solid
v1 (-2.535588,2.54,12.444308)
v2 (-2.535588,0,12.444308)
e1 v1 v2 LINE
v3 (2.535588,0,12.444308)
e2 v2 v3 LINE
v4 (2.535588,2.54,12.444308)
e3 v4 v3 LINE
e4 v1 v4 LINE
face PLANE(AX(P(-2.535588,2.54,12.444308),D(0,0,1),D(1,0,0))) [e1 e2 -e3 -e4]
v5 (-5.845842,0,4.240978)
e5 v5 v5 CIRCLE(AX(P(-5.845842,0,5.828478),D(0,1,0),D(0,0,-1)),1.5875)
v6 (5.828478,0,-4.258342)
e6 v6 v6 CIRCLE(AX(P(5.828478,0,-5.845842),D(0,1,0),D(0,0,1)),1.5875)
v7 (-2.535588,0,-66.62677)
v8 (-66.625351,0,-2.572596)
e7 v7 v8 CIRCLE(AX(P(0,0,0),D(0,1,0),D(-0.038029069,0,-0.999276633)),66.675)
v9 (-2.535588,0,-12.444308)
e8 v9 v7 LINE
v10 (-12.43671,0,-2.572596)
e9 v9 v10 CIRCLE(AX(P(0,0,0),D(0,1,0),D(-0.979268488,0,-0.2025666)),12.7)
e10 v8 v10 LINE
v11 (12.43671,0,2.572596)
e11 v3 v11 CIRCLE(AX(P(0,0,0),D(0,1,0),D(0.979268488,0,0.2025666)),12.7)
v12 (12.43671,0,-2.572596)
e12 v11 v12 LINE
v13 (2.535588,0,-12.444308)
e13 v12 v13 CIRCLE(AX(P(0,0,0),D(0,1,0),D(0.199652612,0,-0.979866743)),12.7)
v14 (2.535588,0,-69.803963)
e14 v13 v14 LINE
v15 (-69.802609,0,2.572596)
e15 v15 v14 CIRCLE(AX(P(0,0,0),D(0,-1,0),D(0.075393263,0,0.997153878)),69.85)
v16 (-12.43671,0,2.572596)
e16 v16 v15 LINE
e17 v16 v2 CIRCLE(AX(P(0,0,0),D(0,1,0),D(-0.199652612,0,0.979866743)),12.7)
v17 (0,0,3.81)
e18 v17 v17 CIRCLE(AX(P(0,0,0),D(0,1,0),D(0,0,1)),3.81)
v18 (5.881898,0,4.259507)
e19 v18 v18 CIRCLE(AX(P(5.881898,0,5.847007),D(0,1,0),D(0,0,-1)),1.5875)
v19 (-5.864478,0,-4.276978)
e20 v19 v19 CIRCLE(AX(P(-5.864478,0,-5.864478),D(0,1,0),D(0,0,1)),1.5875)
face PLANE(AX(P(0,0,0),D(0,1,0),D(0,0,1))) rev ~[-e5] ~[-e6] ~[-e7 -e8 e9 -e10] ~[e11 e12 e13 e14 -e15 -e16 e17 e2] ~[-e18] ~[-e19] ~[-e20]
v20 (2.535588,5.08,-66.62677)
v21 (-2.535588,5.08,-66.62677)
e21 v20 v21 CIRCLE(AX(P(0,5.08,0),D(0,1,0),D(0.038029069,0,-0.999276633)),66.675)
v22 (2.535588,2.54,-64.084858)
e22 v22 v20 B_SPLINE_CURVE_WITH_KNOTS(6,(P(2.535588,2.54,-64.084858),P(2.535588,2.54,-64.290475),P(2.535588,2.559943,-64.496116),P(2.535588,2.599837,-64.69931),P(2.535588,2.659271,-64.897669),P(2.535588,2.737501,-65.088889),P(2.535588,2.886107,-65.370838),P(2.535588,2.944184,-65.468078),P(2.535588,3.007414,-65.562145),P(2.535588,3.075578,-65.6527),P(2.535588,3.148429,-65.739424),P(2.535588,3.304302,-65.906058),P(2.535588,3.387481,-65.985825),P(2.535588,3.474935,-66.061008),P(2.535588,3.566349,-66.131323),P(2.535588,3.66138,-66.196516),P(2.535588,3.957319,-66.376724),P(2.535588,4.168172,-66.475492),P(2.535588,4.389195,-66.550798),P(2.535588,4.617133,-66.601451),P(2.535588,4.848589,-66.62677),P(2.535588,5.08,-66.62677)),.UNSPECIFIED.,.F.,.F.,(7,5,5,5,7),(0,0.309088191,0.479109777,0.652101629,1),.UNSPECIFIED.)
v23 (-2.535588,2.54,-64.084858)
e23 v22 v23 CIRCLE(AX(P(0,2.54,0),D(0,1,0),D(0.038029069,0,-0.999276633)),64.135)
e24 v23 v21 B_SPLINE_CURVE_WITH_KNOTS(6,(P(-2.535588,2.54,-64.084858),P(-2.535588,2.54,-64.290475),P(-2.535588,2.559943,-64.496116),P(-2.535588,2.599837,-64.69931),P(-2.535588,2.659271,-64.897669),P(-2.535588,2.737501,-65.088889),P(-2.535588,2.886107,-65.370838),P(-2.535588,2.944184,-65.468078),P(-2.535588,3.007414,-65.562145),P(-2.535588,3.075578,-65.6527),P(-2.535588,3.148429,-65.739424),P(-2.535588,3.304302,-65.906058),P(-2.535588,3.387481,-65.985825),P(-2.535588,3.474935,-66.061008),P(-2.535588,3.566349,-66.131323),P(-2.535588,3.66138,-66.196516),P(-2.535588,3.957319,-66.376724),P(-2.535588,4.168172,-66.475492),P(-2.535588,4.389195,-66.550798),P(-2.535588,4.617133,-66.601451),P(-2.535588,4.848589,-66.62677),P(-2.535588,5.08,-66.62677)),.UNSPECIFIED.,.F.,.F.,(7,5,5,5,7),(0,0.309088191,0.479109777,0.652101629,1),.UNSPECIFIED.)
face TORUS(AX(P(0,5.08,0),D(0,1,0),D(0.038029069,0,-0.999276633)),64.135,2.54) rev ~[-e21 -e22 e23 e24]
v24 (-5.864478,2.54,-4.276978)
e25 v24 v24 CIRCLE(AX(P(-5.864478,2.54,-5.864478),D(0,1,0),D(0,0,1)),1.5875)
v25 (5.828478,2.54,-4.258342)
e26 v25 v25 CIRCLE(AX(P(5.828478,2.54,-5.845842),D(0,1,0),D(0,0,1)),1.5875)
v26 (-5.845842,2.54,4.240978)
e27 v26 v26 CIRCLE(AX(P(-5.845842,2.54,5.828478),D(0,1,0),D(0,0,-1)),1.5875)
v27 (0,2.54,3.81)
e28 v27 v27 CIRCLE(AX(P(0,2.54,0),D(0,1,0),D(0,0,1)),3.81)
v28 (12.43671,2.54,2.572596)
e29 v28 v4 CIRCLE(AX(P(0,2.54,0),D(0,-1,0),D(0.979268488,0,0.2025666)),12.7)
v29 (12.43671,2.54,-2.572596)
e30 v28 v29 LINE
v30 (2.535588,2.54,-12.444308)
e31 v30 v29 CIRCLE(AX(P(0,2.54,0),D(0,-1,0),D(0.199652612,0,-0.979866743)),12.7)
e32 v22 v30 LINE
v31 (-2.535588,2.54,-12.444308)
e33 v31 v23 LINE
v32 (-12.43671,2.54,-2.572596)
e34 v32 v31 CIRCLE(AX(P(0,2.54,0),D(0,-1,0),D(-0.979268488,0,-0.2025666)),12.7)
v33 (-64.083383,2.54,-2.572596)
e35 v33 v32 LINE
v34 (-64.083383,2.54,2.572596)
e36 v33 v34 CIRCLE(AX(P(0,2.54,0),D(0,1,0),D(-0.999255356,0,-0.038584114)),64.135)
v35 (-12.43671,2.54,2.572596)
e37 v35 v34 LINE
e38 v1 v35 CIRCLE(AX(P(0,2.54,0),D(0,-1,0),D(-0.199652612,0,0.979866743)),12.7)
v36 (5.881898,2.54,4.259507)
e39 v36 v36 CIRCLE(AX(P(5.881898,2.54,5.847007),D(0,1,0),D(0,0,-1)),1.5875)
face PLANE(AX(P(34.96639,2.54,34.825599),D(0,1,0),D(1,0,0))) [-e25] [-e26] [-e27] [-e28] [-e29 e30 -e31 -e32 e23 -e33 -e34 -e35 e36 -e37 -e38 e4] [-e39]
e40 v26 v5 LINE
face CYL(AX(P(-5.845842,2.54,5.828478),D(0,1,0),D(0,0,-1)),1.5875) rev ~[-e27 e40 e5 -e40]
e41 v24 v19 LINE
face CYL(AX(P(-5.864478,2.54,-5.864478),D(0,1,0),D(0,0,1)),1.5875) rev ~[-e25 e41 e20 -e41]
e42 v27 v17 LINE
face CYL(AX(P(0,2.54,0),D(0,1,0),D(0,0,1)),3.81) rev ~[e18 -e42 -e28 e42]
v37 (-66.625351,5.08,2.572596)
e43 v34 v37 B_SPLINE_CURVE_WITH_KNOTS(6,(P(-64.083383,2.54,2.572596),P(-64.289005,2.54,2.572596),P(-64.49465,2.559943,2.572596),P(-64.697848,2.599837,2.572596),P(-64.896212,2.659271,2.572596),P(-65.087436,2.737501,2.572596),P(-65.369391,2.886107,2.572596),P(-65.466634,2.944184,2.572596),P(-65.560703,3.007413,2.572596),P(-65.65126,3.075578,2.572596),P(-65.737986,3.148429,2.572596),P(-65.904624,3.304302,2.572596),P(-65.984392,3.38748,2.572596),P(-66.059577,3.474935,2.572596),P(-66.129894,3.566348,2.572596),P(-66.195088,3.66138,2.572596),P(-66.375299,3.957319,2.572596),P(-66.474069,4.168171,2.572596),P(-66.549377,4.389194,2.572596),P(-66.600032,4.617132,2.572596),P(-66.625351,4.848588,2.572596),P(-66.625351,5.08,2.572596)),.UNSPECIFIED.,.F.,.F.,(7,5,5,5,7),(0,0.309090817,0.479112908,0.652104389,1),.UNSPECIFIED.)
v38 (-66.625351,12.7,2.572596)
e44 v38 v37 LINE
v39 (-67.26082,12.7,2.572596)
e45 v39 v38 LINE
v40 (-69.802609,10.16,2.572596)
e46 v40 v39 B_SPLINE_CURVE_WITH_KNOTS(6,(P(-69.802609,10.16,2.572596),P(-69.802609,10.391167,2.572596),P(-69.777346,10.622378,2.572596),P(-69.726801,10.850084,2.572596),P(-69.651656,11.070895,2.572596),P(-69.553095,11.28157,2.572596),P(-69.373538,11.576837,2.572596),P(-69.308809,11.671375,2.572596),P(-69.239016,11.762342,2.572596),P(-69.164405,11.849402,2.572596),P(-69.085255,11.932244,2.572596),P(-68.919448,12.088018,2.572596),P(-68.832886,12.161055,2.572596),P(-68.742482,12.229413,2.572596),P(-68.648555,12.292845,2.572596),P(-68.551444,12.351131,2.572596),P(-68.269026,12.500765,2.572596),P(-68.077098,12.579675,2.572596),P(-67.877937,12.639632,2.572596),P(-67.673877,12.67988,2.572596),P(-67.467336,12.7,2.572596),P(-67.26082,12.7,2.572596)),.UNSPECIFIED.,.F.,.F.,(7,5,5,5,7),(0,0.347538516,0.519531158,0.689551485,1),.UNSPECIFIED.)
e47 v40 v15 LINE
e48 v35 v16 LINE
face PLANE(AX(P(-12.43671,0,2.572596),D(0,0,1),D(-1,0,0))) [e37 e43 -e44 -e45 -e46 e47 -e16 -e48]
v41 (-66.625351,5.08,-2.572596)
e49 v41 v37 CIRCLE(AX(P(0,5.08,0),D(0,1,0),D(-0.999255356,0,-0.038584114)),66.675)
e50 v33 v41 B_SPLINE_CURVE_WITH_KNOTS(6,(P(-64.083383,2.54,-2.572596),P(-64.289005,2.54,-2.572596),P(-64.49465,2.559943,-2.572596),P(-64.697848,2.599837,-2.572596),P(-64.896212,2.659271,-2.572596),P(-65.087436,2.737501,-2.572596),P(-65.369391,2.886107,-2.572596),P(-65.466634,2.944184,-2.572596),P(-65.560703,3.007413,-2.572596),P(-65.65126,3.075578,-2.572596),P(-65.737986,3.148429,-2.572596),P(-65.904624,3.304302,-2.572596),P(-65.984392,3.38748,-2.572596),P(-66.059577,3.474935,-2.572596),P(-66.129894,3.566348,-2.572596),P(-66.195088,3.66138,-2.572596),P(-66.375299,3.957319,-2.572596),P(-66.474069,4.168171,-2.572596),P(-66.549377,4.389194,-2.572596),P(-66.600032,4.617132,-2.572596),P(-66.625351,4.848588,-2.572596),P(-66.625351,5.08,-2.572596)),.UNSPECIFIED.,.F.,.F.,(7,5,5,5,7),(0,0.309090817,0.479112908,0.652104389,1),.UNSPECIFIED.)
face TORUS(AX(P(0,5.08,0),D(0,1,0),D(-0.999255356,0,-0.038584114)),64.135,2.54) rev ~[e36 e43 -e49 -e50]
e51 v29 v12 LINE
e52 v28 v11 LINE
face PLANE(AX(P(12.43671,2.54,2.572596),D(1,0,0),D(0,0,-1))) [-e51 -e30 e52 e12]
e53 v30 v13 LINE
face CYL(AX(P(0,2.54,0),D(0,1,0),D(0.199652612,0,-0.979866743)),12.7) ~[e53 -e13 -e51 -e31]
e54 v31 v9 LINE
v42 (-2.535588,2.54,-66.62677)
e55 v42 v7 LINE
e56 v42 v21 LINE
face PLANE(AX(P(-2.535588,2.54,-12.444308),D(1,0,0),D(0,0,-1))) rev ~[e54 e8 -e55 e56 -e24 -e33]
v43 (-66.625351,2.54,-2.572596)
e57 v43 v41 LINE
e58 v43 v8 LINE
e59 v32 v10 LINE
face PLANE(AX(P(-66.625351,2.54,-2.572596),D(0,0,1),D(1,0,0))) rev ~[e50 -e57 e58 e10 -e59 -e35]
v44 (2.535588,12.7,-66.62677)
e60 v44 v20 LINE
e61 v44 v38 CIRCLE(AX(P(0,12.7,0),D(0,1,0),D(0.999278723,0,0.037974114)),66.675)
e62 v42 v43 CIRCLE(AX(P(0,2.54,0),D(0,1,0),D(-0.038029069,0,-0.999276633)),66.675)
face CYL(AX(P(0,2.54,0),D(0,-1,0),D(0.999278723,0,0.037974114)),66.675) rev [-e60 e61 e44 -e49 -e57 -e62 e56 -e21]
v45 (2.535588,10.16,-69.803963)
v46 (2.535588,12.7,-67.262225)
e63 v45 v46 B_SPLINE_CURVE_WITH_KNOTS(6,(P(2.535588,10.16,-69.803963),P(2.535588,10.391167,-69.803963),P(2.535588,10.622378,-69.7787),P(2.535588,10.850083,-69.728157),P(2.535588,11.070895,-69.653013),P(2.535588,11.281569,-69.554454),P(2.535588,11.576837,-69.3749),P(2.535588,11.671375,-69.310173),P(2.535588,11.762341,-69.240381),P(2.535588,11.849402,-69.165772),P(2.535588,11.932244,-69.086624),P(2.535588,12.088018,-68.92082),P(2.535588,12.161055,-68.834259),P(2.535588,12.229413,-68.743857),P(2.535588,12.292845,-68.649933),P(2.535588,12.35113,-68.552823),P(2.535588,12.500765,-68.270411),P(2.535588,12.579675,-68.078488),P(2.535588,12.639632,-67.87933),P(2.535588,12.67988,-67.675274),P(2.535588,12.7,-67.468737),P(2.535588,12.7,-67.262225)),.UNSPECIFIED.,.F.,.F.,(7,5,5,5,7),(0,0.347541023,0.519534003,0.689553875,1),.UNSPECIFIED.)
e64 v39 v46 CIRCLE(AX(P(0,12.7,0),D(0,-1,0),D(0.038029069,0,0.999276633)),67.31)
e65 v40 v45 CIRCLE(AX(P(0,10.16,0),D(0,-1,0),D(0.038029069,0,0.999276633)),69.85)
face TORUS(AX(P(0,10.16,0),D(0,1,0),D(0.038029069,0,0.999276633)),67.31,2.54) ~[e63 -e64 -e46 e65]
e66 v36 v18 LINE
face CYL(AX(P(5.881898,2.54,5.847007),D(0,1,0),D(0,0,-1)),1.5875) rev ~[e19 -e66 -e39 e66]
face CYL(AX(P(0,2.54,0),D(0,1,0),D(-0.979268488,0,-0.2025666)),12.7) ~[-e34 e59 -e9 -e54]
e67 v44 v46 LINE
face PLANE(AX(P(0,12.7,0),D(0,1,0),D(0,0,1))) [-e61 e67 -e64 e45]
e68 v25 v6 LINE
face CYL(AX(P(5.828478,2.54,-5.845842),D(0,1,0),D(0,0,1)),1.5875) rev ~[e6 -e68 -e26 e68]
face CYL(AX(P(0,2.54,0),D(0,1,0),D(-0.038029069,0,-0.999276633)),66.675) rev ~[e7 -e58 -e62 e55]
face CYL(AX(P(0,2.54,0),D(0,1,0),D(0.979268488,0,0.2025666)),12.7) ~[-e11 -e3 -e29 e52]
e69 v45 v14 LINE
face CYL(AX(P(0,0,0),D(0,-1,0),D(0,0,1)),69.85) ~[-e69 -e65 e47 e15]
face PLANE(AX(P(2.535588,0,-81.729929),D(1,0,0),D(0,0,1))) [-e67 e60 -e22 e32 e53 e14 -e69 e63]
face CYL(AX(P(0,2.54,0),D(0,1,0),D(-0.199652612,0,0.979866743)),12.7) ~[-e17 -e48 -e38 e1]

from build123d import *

# Parameters (mm, degrees)
SKETCH1_R           = 69.85
BOSS_EXTRUDE1_DEPTH = 12.7
CUT_EXTRUDE12_START = -10.16
CUT_EXTRUDE12_DEPTH = 10.16
SKETCH16_W          = 69.932780821
SKETCH16_H          = 69.651198358
BOSS_EXTRUDE5_DEPTH = 2.54
CUT_EXTRUDE13_DEPTH = 100.362175566
SKETCH19_R          = 3.81
SKETCH19_R_2        = 1.5875
CUT_EXTRUDE14_DEPTH = 100.362175566
FILLET27_R          = 2.54
FILLET28_R          = 2.54
FILLET31_R          = 2.54
CUT_EXTRUDE15_DEPTH = 100.362175647
CUT_EXTRUDE16_DEPTH = 100.595858501


with BuildPart() as part:
    # Sketch1 → Boss-Extrude1 (new body)
    with BuildSketch(Plane(origin=(0, 0, 0), x_dir=(1, 0, 0), z_dir=(0, 1, 0))):
        with Locations(Location((0, 0, 0), (0, 0, 270))):
            Circle(SKETCH1_R)
    extrude(amount=BOSS_EXTRUDE1_DEPTH)

    # Sketch15 → Cut-Extrude12 (cut)
    with BuildSketch(Plane(origin=(0, 12.7, 0), x_dir=(1, 0, 0), z_dir=(0, 1, 0)).offset(CUT_EXTRUDE12_START)):
        with BuildLine():
            Line((2.535588172, -66.626769527), (2.656330466, -69.799472838))
            ThreePointArc((2.656330466, -69.799472838), (49.392766771, -49.390050523), (69.799618816, -2.652491886))
            Line((69.799618816, -2.652491886), (66.626908869, -2.531924073))
            ThreePointArc((66.626908869, -2.531924073), (-47.147641009, 47.145048227), (2.535588172, -66.626769527))
        make_face()
    extrude(amount=CUT_EXTRUDE12_DEPTH, mode=Mode.SUBTRACT)

    # Sketch16 → Boss-Extrude5 (add)
    with BuildSketch(Plane(origin=(0, 2.54, 0), x_dir=(1, 0, 0), z_dir=(0, 1, 0))):
        with Locations((34.966390411, -34.825599179)):
            Rectangle(SKETCH16_W, SKETCH16_H)
    extrude(amount=-BOSS_EXTRUDE5_DEPTH)

    # Sketch18 → Cut-Extrude13 (cut, through all)
    with BuildSketch(Plane(origin=(0, 2.54, 0), x_dir=(1, 0, 0), z_dir=(0, 1, 0))):
        with BuildLine():
            Line((-2.535588172, -66.626769527), (-2.535588172, -12.444307639))
            ThreePointArc((-2.535588172, -12.444307639), (-8.966889105, -8.99360327), (-12.436709804, -2.572595822))
            Line((-12.436709804, -2.572595822), (-66.625350849, -2.572595822))
            ThreePointArc((-66.625350849, -2.572595822), (-47.133249027, -47.159436608), (-2.535588172, -66.626769527))
        make_face()
        with BuildLine():
            ThreePointArc((-12.436709804, 2.572595822), (-8.966889105, 8.99360327), (-2.535588172, 12.444307639))
            Line((-2.535588172, 12.444307639), (-2.535588172, 66.626769527))
            ThreePointArc((-2.535588172, 66.626769527), (-47.133249027, 47.159436608), (-66.625350849, 2.572595822))
            Line((-66.625350849, 2.572595822), (-12.436709804, 2.572595822))
        make_face()
        with BuildLine():
            Line((2.535588172, 66.626769527), (2.535588172, 12.444307639))
            ThreePointArc((2.535588172, 12.444307639), (8.966889105, 8.99360327), (12.436709804, 2.572595822))
            Line((12.436709804, 2.572595822), (66.625350849, 2.572595822))
            ThreePointArc((66.625350849, 2.572595822), (47.133249027, 47.159436608), (2.535588172, 66.626769527))
        make_face()
        with BuildLine():
            ThreePointArc((12.436709804, -2.572595822), (8.966889105, -8.99360327), (2.535588172, -12.444307639))
            Line((2.535588172, -12.444307639), (2.535588172, -66.626769527))
            ThreePointArc((2.535588172, -66.626769527), (47.133249027, -47.159436608), (66.625350849, -2.572595822))
            Line((66.625350849, -2.572595822), (12.436709804, -2.572595822))
        make_face()
    extrude(amount=-CUT_EXTRUDE13_DEPTH, mode=Mode.SUBTRACT)

    # Sketch19 → Cut-Extrude14 (cut, through all)
    with BuildSketch(Plane(origin=(0, 2.54, 0), x_dir=(1, 0, 0), z_dir=(0, 1, 0))):
        with Locations(Location((0, 0, 0), (0, 0, 270))):
            Circle(SKETCH19_R)
        with Locations(Location((5.828477918, 5.845842126, 0), (0, 0, 270))):
            Circle(SKETCH19_R_2)
        with Locations(Location((-5.845842126, -5.828477918, 0), (0, 0, 90))):
            Circle(SKETCH19_R_2)
        with Locations(Location((-5.864478401, 5.864478401, 0), (0, 0, 270))):
            Circle(SKETCH19_R_2)
        with Locations(Location((5.881897888, -5.847007018, 0), (0, 0, 90))):
            Circle(SKETCH19_R_2)
    extrude(amount=-CUT_EXTRUDE14_DEPTH, mode=Mode.SUBTRACT)

    # Fillet27
    fillet27_edges = [part.edges().sort_by_distance(p)[0] for p in [
        (-66.675, 2.54, 0),
    ]]
    fillet(fillet27_edges, radius=FILLET27_R)

    # Fillet28
    fillet28_edges = [part.edges().sort_by_distance(p)[0] for p in [
        (0, 2.54, -66.675),
    ]]
    fillet(fillet28_edges, radius=FILLET28_R)

    # Fillet31
    fillet31_edges = [part.edges().sort_by_distance(p)[0] for p in [
        (-49.392766771, 12.7, -49.390050523),
    ]]
    fillet(fillet31_edges, radius=FILLET31_R)

    # Sketch20 → Cut-Extrude15 (cut, through all)
    with BuildSketch(Plane(origin=(0, 2.54, 0), x_dir=(1, 0, 0), z_dir=(0, 1, 0))):
        with BuildLine():
            Line((-2.535588172, -12.444307639), (2.535588172, -12.444307639))
            Line((2.535588172, -12.444307639), (2.535588172, -66.626769527))
            ThreePointArc((2.535588172, -66.626769527), (0, -66.675), (-2.535588172, -66.626769527))
            Line((-2.535588172, -66.626769527), (-2.535588172, -12.444307639))
        make_face()
        with BuildLine():
            Line((12.436709804, -2.572595822), (12.436709804, 2.572595822))
            Line((12.436709804, 2.572595822), (66.625350849, 2.572595822))
            ThreePointArc((66.625350849, 2.572595822), (66.674996894, 0.02035079), (66.626908869, -2.531924073))
            Line((66.626908869, -2.531924073), (69.799618816, -2.652491886))
            ThreePointArc((69.799618816, -2.652491886), (69.837403568, -1.326485155), (69.85, 0))
            Line((69.85, 0), (69.932780821, 0))
            Line((69.932780821, 0), (69.932780821, -69.651198358))
            Line((69.932780821, -69.651198358), (5.266219444, -69.651198358))
            ThreePointArc((5.266219444, -69.651198358), (3.961968652, -69.737545873), (2.656330466, -69.799472838))
            Line((2.656330466, -69.799472838), (2.535588172, -66.626769527))
            ThreePointArc((2.535588172, -66.626769527), (47.133249027, -47.159436608), (66.625350849, -2.572595822))
            Line((66.625350849, -2.572595822), (12.436709804, -2.572595822))
        make_face()
    extrude(amount=-CUT_EXTRUDE15_DEPTH, mode=Mode.SUBTRACT)

    # Sketch21 → Cut-Extrude16 (cut, through all)
    with BuildSketch(Plane.XZ):
        with BuildLine():
            Line((-12.436709804, 2.572595822), (-72.625686252, 2.572595822))
            Line((-72.625686252, 2.572595822), (-72.625686252, 86.482314908))
            Line((-72.625686252, 86.482314908), (90.769446287, 86.482314908))
            Line((90.769446287, 86.482314908), (90.769446287, -81.729929128))
            Line((90.769446287, -81.729929128), (2.535588172, -81.729929128))
            Line((2.535588172, -81.729929128), (2.535588172, -12.444307639))
            ThreePointArc((2.535588172, -12.444307639), (8.966889105, -8.99360327), (12.436709804, -2.572595822))
            Line((12.436709804, -2.572595822), (12.436709804, 2.572595822))
            ThreePointArc((12.436709804, 2.572595822), (8.966889105, 8.99360327), (2.535588172, 12.444307639))
            Line((2.535588172, 12.444307639), (-2.535588172, 12.444307639))
            ThreePointArc((-2.535588172, 12.444307639), (-8.966889105, 8.99360327), (-12.436709804, 2.572595822))
        make_face()
    extrude(amount=-CUT_EXTRUDE16_DEPTH, mode=Mode.SUBTRACT)


solid = part.part
